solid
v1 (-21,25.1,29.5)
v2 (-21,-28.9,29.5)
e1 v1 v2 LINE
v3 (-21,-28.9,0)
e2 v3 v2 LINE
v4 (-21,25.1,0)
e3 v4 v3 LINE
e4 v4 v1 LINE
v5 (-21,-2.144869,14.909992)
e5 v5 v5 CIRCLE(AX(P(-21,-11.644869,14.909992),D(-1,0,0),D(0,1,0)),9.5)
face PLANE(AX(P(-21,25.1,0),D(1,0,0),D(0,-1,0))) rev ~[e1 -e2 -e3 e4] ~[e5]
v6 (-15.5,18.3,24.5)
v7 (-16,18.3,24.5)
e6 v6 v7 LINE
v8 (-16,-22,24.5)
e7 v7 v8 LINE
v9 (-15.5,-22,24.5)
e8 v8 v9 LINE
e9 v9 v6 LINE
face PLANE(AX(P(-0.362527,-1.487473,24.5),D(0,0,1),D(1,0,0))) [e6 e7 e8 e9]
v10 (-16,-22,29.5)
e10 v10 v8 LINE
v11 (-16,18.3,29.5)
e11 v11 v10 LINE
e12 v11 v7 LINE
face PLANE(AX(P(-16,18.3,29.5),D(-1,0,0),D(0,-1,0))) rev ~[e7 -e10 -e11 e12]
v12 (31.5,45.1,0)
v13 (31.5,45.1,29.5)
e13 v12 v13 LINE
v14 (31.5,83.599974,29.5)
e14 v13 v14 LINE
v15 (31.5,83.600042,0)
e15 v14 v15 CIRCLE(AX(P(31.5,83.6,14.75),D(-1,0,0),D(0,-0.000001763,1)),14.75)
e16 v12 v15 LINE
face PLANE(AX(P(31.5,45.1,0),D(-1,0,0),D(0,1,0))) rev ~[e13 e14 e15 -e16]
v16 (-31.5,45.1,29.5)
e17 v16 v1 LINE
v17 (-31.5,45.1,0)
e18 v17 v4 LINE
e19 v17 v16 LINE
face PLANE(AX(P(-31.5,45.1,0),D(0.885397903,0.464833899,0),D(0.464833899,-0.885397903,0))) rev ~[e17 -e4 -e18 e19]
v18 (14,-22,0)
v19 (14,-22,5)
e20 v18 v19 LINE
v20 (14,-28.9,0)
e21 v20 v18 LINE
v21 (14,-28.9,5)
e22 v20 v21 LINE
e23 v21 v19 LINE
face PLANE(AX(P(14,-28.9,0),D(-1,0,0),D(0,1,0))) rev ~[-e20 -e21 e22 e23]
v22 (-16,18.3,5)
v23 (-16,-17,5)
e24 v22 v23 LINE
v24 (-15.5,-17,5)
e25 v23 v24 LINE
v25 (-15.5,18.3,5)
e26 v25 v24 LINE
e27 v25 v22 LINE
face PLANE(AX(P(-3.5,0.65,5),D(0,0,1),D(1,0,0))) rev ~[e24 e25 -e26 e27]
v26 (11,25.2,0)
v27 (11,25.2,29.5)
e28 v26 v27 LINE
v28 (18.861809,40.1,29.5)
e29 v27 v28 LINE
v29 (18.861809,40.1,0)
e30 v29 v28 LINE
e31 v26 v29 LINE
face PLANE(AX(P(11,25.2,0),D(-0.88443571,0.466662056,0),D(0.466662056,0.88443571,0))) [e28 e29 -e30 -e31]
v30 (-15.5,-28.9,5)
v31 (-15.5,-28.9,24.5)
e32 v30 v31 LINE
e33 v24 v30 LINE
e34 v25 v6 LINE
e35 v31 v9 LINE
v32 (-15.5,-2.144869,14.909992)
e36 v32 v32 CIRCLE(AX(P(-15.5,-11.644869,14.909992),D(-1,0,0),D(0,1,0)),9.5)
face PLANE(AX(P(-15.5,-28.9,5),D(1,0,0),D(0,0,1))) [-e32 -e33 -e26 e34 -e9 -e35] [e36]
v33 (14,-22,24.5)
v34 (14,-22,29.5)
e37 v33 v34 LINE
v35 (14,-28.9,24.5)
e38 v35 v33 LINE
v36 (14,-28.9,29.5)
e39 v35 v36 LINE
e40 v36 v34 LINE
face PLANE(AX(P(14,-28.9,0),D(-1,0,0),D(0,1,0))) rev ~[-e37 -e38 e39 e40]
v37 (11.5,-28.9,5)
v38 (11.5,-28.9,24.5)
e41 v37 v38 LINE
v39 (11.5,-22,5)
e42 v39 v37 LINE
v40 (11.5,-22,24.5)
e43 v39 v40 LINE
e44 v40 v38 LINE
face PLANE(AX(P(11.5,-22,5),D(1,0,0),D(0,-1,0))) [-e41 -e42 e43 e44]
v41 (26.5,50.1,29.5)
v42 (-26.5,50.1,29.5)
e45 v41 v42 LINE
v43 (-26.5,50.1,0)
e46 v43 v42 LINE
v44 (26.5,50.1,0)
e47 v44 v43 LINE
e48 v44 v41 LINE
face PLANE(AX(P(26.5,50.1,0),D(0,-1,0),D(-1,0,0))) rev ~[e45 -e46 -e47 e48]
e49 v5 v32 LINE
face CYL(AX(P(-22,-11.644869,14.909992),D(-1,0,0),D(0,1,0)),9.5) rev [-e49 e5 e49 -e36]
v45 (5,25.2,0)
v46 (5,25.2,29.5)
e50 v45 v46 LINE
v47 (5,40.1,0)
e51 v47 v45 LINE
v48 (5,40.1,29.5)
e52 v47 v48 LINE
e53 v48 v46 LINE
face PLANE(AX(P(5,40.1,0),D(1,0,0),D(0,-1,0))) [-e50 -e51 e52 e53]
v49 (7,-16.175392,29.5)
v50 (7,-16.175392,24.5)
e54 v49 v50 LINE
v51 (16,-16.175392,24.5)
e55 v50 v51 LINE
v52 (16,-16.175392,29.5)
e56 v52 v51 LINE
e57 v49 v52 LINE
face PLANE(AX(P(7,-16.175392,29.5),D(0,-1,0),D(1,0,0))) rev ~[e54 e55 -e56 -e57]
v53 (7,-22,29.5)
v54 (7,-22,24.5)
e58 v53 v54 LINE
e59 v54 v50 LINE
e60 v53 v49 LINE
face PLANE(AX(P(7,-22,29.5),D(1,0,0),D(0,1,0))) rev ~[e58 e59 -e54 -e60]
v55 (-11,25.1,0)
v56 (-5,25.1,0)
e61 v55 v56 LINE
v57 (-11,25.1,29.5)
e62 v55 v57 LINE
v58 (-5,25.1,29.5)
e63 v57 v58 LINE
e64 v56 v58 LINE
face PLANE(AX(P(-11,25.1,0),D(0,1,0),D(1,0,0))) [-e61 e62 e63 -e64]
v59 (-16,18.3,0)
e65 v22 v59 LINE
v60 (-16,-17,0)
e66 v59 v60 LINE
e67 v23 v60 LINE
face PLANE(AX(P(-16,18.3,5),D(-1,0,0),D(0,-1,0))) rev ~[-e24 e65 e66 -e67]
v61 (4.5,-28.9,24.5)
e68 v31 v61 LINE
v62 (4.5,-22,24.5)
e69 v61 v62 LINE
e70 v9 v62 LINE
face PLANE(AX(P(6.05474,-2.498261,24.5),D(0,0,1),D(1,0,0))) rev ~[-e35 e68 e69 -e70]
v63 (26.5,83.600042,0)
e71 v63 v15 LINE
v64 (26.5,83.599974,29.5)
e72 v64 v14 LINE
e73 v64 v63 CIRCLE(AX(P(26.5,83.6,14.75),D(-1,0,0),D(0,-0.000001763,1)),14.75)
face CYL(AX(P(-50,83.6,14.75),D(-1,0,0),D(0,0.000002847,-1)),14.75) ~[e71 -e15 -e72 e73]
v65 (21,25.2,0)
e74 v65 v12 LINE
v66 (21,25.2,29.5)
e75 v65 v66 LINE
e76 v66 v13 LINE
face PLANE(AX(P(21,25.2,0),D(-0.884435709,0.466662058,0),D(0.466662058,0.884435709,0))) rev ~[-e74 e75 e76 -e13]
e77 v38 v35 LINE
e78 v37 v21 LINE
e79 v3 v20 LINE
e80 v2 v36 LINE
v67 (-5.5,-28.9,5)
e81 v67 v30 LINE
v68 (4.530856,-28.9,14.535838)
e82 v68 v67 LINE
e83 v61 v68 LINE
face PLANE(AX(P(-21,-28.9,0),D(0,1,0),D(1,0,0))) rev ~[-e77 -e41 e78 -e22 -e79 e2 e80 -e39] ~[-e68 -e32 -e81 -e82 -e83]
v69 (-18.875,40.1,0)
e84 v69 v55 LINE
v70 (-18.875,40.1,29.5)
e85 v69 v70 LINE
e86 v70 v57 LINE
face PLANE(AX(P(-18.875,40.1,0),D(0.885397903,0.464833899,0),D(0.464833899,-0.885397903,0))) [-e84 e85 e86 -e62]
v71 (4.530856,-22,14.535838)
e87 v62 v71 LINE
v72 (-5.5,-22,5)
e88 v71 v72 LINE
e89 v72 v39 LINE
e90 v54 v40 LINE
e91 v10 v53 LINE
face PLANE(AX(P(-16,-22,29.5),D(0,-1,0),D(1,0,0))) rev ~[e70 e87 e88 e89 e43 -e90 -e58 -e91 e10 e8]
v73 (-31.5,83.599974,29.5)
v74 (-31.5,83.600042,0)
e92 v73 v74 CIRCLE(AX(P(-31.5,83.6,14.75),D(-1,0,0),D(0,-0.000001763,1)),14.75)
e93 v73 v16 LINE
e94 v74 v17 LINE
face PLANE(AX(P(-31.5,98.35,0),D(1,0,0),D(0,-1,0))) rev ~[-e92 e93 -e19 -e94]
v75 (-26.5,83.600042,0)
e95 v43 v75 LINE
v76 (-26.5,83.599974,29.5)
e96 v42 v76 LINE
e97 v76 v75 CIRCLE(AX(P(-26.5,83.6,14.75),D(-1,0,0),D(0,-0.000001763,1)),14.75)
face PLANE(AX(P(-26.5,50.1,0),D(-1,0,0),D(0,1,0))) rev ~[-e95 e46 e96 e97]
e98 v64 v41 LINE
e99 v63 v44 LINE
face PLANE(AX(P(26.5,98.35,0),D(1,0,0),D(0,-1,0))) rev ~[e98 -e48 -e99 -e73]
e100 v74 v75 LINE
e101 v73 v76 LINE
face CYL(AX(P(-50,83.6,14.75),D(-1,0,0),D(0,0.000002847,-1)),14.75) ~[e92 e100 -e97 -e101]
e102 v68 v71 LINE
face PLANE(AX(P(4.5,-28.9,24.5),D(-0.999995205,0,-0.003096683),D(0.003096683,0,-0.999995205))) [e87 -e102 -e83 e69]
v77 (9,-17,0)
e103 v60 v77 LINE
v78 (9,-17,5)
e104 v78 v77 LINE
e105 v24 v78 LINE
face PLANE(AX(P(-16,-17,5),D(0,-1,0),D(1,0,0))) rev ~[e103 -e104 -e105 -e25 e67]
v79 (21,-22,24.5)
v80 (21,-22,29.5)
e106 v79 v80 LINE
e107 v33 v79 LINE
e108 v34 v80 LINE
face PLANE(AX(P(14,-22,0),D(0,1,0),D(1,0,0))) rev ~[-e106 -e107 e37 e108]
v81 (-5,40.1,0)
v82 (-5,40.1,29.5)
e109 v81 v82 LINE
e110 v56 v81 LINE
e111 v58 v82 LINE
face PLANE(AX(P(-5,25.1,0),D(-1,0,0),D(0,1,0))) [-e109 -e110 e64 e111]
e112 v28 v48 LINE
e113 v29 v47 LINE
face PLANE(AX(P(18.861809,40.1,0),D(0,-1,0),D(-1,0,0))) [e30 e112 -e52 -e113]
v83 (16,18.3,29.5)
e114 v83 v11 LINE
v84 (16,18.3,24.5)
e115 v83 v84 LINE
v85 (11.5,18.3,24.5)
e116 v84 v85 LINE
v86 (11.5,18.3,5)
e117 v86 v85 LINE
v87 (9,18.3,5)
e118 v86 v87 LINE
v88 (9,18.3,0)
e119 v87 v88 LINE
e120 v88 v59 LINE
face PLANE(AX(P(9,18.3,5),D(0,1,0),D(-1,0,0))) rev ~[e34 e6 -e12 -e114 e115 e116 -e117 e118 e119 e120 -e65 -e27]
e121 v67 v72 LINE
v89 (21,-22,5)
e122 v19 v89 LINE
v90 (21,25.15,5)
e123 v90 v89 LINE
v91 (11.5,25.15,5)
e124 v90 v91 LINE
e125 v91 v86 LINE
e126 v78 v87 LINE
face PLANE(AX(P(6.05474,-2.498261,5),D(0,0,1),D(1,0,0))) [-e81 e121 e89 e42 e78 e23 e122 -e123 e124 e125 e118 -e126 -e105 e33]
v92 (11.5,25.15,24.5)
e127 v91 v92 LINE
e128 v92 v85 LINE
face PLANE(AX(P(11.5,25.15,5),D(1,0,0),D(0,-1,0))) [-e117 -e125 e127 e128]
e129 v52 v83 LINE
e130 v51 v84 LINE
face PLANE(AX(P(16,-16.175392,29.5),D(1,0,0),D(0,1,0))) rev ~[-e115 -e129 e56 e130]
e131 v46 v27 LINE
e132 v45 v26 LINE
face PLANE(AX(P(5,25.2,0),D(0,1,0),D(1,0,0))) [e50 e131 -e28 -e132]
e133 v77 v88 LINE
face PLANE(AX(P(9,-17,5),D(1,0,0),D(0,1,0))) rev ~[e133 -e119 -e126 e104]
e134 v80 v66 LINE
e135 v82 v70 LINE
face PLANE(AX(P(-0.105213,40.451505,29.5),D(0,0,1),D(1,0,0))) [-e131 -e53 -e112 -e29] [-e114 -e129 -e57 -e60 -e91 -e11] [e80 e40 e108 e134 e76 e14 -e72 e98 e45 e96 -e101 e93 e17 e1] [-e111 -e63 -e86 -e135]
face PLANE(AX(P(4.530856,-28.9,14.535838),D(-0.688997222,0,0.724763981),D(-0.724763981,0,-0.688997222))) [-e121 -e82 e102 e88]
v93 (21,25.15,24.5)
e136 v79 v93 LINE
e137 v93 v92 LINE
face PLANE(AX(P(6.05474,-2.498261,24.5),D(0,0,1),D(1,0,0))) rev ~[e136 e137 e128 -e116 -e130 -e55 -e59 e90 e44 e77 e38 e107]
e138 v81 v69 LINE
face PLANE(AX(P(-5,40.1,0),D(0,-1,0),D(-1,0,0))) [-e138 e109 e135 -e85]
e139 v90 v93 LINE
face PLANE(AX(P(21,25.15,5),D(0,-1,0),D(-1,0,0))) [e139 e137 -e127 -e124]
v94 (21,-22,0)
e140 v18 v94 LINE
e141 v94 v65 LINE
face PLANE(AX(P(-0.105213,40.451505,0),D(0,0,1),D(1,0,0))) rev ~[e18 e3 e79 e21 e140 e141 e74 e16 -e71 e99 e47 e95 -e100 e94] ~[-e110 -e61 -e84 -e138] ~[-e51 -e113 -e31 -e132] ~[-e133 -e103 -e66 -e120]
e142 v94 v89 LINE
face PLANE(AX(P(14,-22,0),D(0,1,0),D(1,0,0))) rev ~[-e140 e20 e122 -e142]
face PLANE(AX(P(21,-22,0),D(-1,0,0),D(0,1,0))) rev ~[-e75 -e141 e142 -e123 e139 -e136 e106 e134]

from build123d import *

# Parameters (mm, degrees)
PAD_DEPTH       = 29.5
POCKET_DEPTH    = 19.5
POCKET001_DEPTH = 6.9
POCKET002_DEPTH = 5
POCKET003_DEPTH = 5
SKETCH006_R     = 9.5
POCKET004_DEPTH = 56
POCKET005_DEPTH = 100


with BuildPart() as part:
    # Sketch → Pad (new body)
    with BuildSketch(Plane.XY):
        Polygon((-31.5, 98.35), (-31.5, 45.1), (-21, 25.1), (-21, -28.9), (14, -28.9), (14, -22), (21, -22), (21, 25.2), (31.5, 45.1), (31.5, 98.35), (26.5, 98.35), (26.5, 50.1), (-26.5, 50.1), (-26.5, 98.35), align=None)
        Polygon((-18.875, 40.1), (-11, 25.1), (-5, 25.1), (-5, 40.1), align=None, mode=Mode.SUBTRACT)
        Polygon((5, 40.1), (5, 25.2), (11, 25.2), (18.861809, 40.1), align=None, mode=Mode.SUBTRACT)
    extrude(amount=PAD_DEPTH)

    # Sketch001 → Pocket (cut)
    with BuildSketch(Plane.XY.offset(5)):
        Polygon((-15.5, 18.3), (-15.5, -22), (11.5, -22), (11.5, -28.9), (14, -28.9), (14, -22), (21, -22), (21, -18), (27.5, -18), (27.5, -12), (21, -12), (21, 12.3), (21, 12.3), (21, 18.3), (21, 18.3), (21, 25.15), (11.5, 25.15), (11.5, 18.3), align=None)
    extrude(amount=POCKET_DEPTH, mode=Mode.SUBTRACT)

    # Sketch003 → Pocket001 (cut)
    with BuildSketch(Plane(origin=(-15.5, -28.9, 5), x_dir=(1, 0, 0), z_dir=(0, -1, 0))):
        Polygon((20.030856, 9.535838), (10, 0), (0, 0), (0, 19.5), (20, 19.5), align=None)
    extrude(amount=-POCKET001_DEPTH, mode=Mode.SUBTRACT)

    # Sketch004 → Pocket002 (cut)
    with BuildSketch(Plane.XY.offset(5)):
        Polygon((-16, 18.3), (-16, -17), (9, -17), (9, -16.114332), (9, 18.3), align=None)
    extrude(amount=-POCKET002_DEPTH, mode=Mode.SUBTRACT)

    # Sketch005 → Pocket003 (cut)
    with BuildSketch(Plane.XY.offset(29.5)):
        Polygon((-16, 18.3), (-16, -22), (7, -22), (7, -16.175392), (16, -16.175392), (16, 18.3), align=None)
    extrude(amount=-POCKET003_DEPTH, mode=Mode.SUBTRACT)

    # Sketch006 → Pocket004 (cut)
    with BuildSketch(Plane(origin=(-22, -27.65, 3), x_dir=(0, 1, 0), z_dir=(1, 0, 0))):
        with Locations((16.005131, 11.909992)):
            Circle(SKETCH006_R)
    extrude(amount=POCKET004_DEPTH, mode=Mode.SUBTRACT)

    # Sketch007 → Pocket005 (cut)
    with BuildSketch(Plane(origin=(-50, 83.6, 14.75), x_dir=(0, 1, 0), z_dir=(1, 0, 0))):
        with BuildLine():
            ThreePointArc((4.2e-05, -14.75), (14.75, 3.4e-05), (-2.6e-05, 14.75))
            Line((-2.6e-05, 14.75), (14.750042, 14.750026))
            Line((14.750042, 14.750026), (14.750042, -14.75))
            Line((14.750042, -14.75), (4.2e-05, -14.75))
        make_face()
    extrude(amount=POCKET005_DEPTH, mode=Mode.SUBTRACT)


solid = part.part
